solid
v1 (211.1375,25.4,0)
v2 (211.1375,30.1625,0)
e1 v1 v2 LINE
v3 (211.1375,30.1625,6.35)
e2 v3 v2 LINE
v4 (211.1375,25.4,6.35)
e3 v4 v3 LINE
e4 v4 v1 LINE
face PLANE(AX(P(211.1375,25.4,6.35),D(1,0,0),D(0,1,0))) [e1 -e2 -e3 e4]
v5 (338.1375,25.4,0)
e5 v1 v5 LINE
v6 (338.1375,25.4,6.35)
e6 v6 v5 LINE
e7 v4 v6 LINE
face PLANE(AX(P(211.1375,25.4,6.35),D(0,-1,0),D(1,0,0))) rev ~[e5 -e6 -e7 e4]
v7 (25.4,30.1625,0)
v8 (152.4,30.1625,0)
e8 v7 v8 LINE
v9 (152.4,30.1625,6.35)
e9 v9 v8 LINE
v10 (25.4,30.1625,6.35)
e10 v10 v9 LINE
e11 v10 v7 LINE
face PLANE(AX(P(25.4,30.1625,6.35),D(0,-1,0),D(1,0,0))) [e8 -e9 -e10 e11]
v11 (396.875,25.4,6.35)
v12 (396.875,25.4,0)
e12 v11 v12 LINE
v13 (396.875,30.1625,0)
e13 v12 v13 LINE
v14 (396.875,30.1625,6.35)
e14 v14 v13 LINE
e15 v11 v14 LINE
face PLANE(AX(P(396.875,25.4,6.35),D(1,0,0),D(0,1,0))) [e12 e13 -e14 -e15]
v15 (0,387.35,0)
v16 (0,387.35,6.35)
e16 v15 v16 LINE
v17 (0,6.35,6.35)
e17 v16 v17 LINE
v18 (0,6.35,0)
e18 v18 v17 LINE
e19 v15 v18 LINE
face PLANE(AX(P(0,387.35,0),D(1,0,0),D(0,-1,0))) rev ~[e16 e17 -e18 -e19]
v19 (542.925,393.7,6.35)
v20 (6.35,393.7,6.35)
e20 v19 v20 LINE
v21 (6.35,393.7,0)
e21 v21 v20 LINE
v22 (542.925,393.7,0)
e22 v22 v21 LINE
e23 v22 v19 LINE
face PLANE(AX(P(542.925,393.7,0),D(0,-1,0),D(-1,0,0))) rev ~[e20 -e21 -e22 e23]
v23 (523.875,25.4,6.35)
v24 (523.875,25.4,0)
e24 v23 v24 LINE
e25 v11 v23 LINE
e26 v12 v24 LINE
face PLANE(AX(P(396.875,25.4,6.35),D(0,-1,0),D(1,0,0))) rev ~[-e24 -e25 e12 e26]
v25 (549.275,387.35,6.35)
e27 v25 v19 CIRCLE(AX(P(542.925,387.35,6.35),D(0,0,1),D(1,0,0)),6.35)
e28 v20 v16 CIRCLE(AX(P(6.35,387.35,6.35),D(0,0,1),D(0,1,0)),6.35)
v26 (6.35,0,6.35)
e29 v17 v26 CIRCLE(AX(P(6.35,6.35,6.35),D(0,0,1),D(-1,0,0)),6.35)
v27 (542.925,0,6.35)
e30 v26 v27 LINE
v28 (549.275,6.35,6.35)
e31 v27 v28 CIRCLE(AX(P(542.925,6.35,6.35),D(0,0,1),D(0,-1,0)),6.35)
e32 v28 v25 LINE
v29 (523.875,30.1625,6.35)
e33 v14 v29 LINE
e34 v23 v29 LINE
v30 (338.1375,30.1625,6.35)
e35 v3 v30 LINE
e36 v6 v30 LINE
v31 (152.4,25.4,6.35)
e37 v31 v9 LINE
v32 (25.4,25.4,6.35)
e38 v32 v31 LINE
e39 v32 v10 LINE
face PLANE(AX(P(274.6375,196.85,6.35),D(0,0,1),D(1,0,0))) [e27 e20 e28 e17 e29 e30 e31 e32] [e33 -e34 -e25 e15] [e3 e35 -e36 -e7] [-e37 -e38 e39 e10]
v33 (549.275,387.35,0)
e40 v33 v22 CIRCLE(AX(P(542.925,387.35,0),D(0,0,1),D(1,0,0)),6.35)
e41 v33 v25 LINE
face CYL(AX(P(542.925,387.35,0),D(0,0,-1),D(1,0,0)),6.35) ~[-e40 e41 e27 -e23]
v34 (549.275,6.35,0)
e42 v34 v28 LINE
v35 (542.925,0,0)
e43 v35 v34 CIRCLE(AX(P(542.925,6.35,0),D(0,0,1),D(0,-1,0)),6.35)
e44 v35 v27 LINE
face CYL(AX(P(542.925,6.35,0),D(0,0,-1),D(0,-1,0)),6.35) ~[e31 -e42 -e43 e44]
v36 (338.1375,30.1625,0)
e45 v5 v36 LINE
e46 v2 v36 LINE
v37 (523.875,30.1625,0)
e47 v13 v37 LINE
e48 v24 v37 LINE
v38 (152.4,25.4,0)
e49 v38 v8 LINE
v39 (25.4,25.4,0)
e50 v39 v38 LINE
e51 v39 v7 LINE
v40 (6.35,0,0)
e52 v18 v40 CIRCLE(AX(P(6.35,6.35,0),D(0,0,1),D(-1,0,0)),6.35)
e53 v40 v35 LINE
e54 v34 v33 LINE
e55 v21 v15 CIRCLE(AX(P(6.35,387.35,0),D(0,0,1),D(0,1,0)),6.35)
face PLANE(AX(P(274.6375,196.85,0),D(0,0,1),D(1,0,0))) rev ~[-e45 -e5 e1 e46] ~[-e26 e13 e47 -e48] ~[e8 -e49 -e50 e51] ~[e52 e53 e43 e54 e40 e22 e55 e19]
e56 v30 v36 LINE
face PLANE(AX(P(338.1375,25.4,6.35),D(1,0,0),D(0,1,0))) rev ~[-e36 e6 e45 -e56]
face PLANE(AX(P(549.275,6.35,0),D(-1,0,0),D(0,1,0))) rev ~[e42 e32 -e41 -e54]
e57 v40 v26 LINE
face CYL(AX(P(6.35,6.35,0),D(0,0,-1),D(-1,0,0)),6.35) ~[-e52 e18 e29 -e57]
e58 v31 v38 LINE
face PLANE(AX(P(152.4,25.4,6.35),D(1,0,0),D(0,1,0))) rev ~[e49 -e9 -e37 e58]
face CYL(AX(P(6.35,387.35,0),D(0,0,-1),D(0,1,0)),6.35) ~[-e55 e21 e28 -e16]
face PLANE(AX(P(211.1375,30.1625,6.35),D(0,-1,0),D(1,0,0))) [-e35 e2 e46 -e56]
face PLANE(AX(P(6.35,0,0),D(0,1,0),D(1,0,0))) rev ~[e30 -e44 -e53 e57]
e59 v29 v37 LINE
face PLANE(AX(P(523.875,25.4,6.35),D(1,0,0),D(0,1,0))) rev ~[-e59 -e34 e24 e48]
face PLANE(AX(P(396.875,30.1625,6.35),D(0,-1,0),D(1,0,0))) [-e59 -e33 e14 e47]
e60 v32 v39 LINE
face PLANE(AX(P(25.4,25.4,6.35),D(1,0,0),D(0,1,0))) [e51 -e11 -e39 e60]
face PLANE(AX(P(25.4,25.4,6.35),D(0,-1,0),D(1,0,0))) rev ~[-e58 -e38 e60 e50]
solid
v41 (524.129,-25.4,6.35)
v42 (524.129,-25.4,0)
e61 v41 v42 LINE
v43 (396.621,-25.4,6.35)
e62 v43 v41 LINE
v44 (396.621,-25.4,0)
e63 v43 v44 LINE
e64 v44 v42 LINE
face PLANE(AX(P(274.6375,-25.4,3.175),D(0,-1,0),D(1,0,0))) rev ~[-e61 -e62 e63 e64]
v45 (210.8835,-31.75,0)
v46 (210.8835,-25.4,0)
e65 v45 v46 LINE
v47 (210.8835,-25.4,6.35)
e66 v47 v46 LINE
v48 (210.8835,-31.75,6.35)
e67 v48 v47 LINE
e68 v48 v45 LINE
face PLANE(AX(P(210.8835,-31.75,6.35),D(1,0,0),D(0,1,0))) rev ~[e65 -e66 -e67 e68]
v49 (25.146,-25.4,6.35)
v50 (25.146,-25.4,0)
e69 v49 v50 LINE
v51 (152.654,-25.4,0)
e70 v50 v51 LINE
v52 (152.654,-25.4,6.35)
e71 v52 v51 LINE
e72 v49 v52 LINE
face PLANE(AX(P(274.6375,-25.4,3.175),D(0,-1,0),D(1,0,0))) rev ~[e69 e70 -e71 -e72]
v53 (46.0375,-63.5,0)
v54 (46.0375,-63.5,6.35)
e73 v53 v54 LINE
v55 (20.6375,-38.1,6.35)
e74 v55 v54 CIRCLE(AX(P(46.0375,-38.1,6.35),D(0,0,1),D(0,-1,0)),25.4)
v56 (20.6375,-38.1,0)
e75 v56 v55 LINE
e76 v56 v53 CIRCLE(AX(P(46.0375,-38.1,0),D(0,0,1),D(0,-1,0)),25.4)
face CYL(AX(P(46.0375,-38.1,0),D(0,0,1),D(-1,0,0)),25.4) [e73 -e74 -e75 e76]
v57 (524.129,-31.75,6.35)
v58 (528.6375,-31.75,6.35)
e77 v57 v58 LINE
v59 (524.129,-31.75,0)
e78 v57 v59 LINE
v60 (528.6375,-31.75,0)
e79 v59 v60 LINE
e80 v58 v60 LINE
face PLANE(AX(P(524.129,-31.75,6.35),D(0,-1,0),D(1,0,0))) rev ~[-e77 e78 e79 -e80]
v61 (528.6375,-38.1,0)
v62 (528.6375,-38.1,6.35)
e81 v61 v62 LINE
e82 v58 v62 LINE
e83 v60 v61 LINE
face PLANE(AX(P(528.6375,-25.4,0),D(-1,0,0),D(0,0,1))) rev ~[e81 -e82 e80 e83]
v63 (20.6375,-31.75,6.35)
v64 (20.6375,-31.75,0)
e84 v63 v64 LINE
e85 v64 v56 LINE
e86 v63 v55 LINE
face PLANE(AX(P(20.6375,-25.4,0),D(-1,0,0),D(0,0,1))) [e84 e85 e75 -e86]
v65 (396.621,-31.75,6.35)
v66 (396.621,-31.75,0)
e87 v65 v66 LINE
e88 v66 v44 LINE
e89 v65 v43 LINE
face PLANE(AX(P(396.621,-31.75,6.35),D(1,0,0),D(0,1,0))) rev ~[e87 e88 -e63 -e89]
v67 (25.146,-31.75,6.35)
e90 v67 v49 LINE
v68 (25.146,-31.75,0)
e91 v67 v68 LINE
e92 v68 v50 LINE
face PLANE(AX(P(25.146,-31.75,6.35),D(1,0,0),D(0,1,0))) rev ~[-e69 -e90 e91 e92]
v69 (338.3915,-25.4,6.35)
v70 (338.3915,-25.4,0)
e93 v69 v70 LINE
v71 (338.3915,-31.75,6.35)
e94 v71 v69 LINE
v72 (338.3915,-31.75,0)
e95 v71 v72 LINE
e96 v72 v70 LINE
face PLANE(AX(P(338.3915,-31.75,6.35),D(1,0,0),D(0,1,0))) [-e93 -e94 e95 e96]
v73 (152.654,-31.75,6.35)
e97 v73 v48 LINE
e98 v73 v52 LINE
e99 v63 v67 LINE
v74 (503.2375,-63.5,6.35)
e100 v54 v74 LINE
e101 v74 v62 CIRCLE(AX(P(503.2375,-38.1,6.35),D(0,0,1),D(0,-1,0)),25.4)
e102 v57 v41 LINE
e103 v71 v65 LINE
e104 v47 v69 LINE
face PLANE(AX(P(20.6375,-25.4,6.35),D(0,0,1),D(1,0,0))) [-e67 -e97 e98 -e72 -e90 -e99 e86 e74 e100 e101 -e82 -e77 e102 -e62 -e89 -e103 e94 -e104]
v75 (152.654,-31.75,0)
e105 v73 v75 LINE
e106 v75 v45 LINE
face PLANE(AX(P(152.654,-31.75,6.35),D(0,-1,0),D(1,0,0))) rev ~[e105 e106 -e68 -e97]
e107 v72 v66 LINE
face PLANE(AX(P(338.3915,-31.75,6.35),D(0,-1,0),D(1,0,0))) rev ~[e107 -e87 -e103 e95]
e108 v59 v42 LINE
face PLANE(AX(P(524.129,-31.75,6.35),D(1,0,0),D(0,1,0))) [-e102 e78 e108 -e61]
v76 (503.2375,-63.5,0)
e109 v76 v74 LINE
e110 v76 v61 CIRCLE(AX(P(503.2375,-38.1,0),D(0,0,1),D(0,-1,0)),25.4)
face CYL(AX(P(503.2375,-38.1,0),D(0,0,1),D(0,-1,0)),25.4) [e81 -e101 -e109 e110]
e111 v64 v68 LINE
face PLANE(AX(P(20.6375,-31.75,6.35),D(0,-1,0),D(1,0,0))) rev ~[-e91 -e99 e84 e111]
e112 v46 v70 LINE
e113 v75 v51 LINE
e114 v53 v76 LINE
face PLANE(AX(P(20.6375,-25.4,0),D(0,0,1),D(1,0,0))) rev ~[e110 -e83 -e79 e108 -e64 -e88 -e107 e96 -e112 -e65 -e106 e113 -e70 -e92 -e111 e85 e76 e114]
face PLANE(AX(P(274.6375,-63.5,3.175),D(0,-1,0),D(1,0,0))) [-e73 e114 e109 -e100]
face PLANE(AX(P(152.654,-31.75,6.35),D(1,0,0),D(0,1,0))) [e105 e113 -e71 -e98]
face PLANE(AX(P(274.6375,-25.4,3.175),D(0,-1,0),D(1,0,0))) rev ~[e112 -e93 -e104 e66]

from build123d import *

# Parameters (mm, degrees)
BOSS_EXTRUDE1_DEPTH = 6.35
SKETCH2_W           = 127
SKETCH2_H           = 4.7625
CUT_EXTRUDE1_DEPTH  = 676.827668955
SKETCH3_W           = 508
SKETCH3_H           = 6.35
BOSS_EXTRUDE2_DEPTH = 38.1
SKETCH8_W           = 4.5085
SKETCH8_H           = 6.35
SKETCH8_W_2         = 58.2295
CUT_EXTRUDE2_DEPTH  = 676.827668955
FILLET1_R           = 25.4


with BuildPart() as part:
    # Sketch1 → Boss-Extrude1 (new body)
    with BuildSketch(Plane.XY):
        with BuildLine():
            Line((6.35, 0), (542.925, 0))
            ThreePointArc((542.925, 0), (547.415128061, 1.859871939), (549.275, 6.35))
            Line((549.275, 6.35), (549.275, 387.35))
            ThreePointArc((549.275, 387.35), (547.415128061, 391.840128061), (542.925, 393.7))
            Line((542.925, 393.7), (6.35, 393.7))
            ThreePointArc((6.35, 393.7), (1.859871939, 391.840128061), (0, 387.35))
            Line((0, 387.35), (0, 6.35))
            ThreePointArc((0, 6.35), (1.859871939, 1.859871939), (6.35, 0))
        make_face()
    extrude(amount=BOSS_EXTRUDE1_DEPTH)

    # Sketch2 → Cut-Extrude1 (cut, through all)
    with BuildSketch(Plane.XY.offset(6.35)):
        with Locations((460.375, 27.78125)):
            Rectangle(SKETCH2_W, SKETCH2_H)
        with Locations((274.6375, 27.78125)):
            Rectangle(SKETCH2_W, SKETCH2_H)
        with Locations((88.9, 27.78125)):
            Rectangle(SKETCH2_W, SKETCH2_H)
    extrude(amount=-CUT_EXTRUDE1_DEPTH, mode=Mode.SUBTRACT)


with BuildPart() as body_2:
    # Sketch3 → Boss-Extrude2 (new body)
    with BuildSketch(Plane.XZ.offset(25.4)):
        with Locations((274.6375, 3.175)):
            Rectangle(SKETCH3_W, SKETCH3_H)
    extrude(amount=BOSS_EXTRUDE2_DEPTH)

    # Sketch8 → Cut-Extrude2 (cut, through all)
    with BuildSketch(Plane.XY.offset(6.35)):
        with Locations((22.89175, -28.575)):
            Rectangle(SKETCH8_W, SKETCH8_H)
        with Locations((181.76875, -28.575)):
            Rectangle(SKETCH8_W_2, SKETCH8_H)
        with Locations((367.50625, -28.575)):
            Rectangle(SKETCH8_W_2, SKETCH8_H)
        with Locations((526.38325, -28.575)):
            Rectangle(SKETCH8_W, SKETCH8_H)
    extrude(amount=-CUT_EXTRUDE2_DEPTH, mode=Mode.SUBTRACT)

    # Fillet1
    fillet1_edges = [body_2.edges().sort_by_distance(p)[0] for p in [
        (20.6375, -63.5, 3.175),
        (528.6375, -63.5, 3.175),
    ]]
    fillet(fillet1_edges, radius=FILLET1_R)


solid = Compound([part.part, body_2.part])
